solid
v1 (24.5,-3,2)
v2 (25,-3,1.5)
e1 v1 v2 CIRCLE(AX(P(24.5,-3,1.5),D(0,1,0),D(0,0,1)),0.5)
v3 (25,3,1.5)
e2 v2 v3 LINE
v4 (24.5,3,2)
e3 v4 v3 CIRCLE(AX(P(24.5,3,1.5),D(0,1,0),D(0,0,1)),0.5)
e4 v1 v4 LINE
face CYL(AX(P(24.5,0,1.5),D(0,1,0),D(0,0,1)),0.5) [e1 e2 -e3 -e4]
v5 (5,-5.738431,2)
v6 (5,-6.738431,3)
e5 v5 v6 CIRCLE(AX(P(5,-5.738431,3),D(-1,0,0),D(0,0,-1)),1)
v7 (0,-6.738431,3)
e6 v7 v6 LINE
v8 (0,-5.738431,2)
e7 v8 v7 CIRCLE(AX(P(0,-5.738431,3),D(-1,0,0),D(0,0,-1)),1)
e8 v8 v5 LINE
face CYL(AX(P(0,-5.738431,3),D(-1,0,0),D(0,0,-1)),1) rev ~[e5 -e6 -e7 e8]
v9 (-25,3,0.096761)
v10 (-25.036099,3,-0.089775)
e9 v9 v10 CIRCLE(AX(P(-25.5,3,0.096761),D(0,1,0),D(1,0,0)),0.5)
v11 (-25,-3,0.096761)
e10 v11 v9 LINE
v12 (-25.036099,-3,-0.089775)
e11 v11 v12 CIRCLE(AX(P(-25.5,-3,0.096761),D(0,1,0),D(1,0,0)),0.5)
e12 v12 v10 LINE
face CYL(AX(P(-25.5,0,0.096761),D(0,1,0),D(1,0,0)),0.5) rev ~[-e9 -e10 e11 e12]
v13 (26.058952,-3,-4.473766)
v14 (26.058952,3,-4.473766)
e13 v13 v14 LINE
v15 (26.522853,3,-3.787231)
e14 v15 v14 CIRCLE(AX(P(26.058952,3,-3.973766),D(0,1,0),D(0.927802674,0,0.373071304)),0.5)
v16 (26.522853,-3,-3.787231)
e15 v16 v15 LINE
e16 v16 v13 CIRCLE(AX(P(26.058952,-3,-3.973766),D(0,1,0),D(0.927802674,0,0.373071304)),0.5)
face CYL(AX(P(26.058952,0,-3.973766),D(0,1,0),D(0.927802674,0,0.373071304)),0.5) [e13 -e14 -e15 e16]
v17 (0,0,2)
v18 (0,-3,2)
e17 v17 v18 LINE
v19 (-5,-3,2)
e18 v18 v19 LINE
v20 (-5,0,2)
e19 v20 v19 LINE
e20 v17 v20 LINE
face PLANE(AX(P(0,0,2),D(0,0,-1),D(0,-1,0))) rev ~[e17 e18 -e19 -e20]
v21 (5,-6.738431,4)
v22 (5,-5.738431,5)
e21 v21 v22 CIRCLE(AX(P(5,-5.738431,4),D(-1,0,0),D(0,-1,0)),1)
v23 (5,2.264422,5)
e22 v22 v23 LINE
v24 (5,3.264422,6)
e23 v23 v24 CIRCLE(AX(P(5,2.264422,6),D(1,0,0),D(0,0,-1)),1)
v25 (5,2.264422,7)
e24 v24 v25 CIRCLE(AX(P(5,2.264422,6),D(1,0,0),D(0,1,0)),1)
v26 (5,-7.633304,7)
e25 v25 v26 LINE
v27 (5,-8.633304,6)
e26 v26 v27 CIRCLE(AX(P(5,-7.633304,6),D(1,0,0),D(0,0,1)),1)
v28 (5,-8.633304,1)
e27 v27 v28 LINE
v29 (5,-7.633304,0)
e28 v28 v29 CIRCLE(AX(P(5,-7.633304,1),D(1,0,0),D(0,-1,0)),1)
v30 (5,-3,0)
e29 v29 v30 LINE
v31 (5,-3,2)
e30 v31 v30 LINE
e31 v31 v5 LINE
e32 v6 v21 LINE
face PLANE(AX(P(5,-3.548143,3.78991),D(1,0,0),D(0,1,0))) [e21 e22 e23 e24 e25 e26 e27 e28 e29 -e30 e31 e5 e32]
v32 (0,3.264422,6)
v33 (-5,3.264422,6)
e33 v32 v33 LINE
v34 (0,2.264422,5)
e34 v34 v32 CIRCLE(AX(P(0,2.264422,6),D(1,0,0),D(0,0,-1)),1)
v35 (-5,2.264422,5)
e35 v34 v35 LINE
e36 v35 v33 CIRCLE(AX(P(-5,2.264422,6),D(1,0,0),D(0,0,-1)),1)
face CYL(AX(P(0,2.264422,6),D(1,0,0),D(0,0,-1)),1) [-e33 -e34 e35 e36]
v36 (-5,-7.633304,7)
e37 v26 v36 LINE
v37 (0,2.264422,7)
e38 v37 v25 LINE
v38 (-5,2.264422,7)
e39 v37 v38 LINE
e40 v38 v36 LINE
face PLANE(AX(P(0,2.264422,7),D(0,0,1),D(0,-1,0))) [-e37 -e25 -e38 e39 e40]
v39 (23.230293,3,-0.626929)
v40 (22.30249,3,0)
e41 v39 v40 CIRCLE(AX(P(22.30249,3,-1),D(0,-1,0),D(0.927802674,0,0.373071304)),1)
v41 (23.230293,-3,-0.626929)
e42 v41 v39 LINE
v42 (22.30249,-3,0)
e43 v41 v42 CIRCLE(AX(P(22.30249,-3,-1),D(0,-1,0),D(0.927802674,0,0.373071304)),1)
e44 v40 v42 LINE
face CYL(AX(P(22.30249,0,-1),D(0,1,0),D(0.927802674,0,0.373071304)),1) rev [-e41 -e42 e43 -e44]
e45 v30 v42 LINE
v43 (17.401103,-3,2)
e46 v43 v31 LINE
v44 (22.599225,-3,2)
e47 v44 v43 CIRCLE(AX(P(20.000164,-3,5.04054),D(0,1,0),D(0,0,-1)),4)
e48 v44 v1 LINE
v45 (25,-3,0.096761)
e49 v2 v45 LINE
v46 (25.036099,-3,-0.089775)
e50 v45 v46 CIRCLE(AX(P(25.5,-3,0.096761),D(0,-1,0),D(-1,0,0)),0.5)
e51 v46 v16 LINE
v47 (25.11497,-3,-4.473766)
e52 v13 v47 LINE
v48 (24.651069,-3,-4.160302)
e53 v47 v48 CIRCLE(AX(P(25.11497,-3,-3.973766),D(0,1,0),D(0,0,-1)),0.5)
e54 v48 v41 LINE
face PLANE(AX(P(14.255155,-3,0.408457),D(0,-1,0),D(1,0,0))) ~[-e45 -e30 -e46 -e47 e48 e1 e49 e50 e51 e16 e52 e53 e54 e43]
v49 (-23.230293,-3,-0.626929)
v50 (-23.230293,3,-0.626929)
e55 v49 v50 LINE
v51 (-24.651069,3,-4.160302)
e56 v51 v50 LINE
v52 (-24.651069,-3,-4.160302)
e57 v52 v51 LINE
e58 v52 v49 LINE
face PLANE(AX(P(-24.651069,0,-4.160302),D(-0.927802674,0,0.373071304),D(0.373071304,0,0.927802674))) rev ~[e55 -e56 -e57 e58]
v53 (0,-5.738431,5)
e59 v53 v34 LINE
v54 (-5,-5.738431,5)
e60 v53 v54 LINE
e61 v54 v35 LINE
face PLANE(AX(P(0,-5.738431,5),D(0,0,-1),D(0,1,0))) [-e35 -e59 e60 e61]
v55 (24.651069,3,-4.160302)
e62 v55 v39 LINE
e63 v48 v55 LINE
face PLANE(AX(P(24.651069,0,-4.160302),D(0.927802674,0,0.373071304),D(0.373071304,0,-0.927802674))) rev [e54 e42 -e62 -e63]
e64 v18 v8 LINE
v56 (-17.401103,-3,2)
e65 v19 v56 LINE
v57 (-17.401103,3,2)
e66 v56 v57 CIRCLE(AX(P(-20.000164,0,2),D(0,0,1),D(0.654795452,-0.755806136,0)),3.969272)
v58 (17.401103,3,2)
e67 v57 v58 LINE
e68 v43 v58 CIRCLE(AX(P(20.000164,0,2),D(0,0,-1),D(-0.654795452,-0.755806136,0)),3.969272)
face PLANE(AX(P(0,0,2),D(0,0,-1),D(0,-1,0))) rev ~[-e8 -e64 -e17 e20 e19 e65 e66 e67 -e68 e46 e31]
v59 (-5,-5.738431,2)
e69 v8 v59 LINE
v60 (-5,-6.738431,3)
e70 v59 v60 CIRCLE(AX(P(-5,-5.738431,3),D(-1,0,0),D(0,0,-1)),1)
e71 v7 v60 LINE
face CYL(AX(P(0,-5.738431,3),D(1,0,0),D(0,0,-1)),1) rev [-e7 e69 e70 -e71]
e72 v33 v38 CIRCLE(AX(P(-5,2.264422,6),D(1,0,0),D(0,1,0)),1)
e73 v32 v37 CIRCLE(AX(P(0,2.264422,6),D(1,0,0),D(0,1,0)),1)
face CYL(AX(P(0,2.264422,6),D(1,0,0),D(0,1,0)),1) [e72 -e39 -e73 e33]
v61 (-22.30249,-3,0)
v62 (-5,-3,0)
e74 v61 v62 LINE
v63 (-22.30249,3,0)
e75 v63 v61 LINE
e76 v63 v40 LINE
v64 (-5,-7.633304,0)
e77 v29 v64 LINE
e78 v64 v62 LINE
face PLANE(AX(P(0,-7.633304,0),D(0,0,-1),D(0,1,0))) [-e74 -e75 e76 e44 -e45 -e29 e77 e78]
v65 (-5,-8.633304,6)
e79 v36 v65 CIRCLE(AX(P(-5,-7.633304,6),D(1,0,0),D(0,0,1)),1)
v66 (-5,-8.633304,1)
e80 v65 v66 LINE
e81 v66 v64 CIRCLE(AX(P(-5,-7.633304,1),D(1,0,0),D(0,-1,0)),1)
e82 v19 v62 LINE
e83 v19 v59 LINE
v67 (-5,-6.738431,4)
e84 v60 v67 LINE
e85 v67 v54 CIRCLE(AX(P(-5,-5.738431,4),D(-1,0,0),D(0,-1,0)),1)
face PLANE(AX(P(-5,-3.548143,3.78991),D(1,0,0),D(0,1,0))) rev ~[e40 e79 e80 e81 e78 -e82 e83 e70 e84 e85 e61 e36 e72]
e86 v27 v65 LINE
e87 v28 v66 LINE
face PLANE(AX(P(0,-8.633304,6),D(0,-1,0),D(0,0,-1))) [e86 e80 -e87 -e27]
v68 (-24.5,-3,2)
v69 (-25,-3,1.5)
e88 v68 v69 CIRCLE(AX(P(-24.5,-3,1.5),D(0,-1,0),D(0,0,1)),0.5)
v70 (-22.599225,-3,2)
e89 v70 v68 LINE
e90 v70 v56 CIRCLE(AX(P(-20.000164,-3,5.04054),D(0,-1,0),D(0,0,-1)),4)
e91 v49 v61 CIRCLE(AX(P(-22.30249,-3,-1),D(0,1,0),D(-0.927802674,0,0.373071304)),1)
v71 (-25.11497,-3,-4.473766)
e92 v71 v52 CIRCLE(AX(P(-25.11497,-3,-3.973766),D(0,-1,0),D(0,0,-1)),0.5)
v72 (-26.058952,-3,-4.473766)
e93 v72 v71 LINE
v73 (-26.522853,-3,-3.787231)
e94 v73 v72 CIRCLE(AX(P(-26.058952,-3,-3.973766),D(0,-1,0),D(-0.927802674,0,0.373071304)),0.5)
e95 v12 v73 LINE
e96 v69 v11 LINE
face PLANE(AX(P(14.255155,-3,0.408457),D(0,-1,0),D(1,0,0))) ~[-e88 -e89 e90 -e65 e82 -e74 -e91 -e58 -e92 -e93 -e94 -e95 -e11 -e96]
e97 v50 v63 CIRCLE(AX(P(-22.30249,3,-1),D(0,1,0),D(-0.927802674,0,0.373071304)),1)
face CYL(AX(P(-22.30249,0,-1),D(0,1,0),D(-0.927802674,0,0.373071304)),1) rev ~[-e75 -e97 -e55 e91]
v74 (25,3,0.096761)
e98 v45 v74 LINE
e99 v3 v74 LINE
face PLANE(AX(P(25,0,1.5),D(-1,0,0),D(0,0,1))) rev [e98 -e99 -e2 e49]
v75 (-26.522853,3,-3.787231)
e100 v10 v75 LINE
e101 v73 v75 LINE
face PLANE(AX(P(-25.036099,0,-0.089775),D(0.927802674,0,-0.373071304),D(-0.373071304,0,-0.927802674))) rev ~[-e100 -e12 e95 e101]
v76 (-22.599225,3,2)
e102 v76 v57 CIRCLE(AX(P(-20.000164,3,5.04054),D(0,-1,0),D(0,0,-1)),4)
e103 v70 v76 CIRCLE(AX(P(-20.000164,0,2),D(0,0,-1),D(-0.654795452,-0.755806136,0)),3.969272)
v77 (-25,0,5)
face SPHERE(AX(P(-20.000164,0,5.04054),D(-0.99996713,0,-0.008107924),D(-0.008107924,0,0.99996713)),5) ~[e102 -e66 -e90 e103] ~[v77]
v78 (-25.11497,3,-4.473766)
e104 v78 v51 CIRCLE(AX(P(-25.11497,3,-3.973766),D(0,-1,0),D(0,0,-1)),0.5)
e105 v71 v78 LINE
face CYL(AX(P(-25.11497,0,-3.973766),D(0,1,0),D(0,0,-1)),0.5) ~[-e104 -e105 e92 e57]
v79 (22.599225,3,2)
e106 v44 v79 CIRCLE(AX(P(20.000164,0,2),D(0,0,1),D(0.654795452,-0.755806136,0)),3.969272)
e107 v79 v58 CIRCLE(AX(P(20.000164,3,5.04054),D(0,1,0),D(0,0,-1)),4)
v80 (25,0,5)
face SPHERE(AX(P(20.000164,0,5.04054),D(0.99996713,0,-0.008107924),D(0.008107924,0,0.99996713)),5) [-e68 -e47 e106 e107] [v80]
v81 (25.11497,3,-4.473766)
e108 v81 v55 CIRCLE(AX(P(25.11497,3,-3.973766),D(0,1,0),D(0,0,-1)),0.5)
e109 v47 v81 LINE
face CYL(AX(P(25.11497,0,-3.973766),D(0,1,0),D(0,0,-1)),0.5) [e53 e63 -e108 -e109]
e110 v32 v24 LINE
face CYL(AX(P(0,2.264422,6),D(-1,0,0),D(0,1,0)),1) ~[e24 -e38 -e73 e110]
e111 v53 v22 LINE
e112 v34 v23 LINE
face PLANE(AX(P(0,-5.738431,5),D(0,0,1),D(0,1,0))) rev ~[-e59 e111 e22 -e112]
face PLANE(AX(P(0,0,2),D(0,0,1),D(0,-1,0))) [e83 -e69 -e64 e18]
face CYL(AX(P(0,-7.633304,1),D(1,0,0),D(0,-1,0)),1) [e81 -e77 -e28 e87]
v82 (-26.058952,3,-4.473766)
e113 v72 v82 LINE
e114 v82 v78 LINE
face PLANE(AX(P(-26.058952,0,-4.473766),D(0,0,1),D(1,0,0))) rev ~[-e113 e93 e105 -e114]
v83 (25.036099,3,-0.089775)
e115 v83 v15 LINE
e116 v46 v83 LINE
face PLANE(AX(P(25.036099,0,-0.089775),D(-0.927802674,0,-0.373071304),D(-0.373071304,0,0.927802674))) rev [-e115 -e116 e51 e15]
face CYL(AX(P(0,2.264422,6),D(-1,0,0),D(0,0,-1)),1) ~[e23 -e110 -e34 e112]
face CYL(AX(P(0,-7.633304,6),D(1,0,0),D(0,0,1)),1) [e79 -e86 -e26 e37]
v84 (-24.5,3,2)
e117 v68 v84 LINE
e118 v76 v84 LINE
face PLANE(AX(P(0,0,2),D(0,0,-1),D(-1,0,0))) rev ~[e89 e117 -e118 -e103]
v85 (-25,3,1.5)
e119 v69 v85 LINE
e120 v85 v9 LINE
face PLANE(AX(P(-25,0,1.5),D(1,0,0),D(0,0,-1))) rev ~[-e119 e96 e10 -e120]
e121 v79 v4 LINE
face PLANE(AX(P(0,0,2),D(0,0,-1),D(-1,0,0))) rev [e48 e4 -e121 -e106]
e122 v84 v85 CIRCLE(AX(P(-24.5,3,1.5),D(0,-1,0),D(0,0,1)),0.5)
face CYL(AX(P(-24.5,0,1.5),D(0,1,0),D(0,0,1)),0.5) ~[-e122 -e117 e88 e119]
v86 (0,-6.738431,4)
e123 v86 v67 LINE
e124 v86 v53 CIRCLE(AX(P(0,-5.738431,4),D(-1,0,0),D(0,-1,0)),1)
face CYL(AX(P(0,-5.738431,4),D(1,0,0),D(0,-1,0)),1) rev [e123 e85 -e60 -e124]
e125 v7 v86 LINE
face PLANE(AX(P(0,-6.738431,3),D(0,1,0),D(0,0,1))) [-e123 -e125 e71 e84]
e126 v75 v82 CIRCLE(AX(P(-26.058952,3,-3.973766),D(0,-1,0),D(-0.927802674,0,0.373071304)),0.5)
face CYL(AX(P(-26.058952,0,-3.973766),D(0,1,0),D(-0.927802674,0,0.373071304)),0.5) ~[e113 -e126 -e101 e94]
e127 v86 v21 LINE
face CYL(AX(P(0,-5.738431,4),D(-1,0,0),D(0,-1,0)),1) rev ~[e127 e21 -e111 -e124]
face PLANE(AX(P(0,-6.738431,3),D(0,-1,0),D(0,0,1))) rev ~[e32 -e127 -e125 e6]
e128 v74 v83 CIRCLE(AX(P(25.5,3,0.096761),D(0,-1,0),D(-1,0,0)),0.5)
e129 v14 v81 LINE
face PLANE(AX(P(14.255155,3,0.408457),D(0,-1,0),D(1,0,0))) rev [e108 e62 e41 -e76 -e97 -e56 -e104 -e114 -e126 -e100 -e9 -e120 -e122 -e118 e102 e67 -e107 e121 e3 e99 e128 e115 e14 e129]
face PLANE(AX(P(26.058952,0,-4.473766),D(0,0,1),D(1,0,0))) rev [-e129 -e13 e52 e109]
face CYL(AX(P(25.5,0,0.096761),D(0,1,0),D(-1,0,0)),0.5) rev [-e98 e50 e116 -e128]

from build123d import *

# Parameters (mm, degrees)
F3_DEPTH      = 3
F3_DEPTH_BACK = 3
F5_DEPTH      = 5
F5_DEPTH_BACK = 5


with BuildPart() as f2:
    # F0 (on Front) → F2 (revolve)
    with BuildSketch(Plane.XZ):
        with BuildLine():
            Line((-25, 5), (-15.0003286976, 5.0810792445))
            ThreePointArc((-15.0003286976, 5.0810792445), (-20.040703971, 10.0403752734), (-25, 5))
        make_face()
    revolve(axis=Axis((-20.0001643488, 0, 5.0405396222), (0.9999671302, 0, 0.0081079244)))

    # F0 (on Front) → F3 (join, two sides)
    with BuildSketch(Plane.XZ) as f3_sk:
        with BuildLine():
            ThreePointArc((-23.2302926299, -0.6269286958), (-22.8623688248, -0.1714255301), (-22.3024899558, 0))
            Line((-22.3024899558, 0), (0, 0))
            Line((0, 0), (0, 2))
            Line((0, 2), (-24.5, 2))
            ThreePointArc((-24.5, 2), (-24.8535533906, 1.8535533906), (-25, 1.5))
            Line((-25, 1.5), (-25, 0.0967607601))
            ThreePointArc((-25, 0.0967607601), (-25.0091076144, 0.0017625194), (-25.036098663, -0.089774892))
            Line((-25.036098663, -0.089774892), (-26.5228529957, -3.7872306599))
            ThreePointArc((-26.5228529957, -3.7872306599), (-26.4732388936, -4.2537057465), (-26.0589516587, -4.473766312))
            Line((-26.0589516587, -4.473766312), (-25.1149703996, -4.473766312))
            ThreePointArc((-25.1149703996, -4.473766312), (-24.8350309651, -4.3880535469), (-24.6510690626, -4.1603019641))
            Line((-24.6510690626, -4.1603019641), (-23.2302926299, -0.6269286958))
        make_face()
    extrude(amount=-F3_DEPTH)
    extrude(f3_sk.sketch, amount=F3_DEPTH_BACK)

    # F4: F2 across plane


with BuildPart() as f2_1:
    add(f2.part)
    add(f2.part.mirror(Plane.YZ))

    # F1 (on Right) → F5 (join, two sides)
    with BuildSketch(Plane.YZ) as f5_sk:
        with BuildLine():
            Line((-7.6333043873, 0), (0, 0))
            Line((0, 0), (0, 2))
            Line((0, 2), (-5.738430818, 2))
            ThreePointArc((-5.738430818, 2), (-6.4455375992, 2.2928932188), (-6.738430818, 3))
            Line((-6.738430818, 3), (-6.738430818, 4))
            ThreePointArc((-6.738430818, 4), (-6.4455375992, 4.7071067812), (-5.738430818, 5))
            Line((-5.738430818, 5), (2.2644215971, 5))
            ThreePointArc((2.2644215971, 5), (2.9715283783, 5.2928932188), (3.2644215971, 6))
            ThreePointArc((3.2644215971, 6), (2.9715283783, 6.7071067812), (2.2644215971, 7))
            Line((2.2644215971, 7), (-7.6333043873, 7))
            ThreePointArc((-7.6333043873, 7), (-8.3404111685, 6.7071067812), (-8.6333043873, 6))
            Line((-8.6333043873, 6), (-8.6333043873, 1))
            ThreePointArc((-8.6333043873, 1), (-8.3404111685, 0.2928932188), (-7.6333043873, 0))
        make_face()
    extrude(amount=F5_DEPTH)
    extrude(f5_sk.sketch, amount=-F5_DEPTH_BACK)


solid = f2_1.part
